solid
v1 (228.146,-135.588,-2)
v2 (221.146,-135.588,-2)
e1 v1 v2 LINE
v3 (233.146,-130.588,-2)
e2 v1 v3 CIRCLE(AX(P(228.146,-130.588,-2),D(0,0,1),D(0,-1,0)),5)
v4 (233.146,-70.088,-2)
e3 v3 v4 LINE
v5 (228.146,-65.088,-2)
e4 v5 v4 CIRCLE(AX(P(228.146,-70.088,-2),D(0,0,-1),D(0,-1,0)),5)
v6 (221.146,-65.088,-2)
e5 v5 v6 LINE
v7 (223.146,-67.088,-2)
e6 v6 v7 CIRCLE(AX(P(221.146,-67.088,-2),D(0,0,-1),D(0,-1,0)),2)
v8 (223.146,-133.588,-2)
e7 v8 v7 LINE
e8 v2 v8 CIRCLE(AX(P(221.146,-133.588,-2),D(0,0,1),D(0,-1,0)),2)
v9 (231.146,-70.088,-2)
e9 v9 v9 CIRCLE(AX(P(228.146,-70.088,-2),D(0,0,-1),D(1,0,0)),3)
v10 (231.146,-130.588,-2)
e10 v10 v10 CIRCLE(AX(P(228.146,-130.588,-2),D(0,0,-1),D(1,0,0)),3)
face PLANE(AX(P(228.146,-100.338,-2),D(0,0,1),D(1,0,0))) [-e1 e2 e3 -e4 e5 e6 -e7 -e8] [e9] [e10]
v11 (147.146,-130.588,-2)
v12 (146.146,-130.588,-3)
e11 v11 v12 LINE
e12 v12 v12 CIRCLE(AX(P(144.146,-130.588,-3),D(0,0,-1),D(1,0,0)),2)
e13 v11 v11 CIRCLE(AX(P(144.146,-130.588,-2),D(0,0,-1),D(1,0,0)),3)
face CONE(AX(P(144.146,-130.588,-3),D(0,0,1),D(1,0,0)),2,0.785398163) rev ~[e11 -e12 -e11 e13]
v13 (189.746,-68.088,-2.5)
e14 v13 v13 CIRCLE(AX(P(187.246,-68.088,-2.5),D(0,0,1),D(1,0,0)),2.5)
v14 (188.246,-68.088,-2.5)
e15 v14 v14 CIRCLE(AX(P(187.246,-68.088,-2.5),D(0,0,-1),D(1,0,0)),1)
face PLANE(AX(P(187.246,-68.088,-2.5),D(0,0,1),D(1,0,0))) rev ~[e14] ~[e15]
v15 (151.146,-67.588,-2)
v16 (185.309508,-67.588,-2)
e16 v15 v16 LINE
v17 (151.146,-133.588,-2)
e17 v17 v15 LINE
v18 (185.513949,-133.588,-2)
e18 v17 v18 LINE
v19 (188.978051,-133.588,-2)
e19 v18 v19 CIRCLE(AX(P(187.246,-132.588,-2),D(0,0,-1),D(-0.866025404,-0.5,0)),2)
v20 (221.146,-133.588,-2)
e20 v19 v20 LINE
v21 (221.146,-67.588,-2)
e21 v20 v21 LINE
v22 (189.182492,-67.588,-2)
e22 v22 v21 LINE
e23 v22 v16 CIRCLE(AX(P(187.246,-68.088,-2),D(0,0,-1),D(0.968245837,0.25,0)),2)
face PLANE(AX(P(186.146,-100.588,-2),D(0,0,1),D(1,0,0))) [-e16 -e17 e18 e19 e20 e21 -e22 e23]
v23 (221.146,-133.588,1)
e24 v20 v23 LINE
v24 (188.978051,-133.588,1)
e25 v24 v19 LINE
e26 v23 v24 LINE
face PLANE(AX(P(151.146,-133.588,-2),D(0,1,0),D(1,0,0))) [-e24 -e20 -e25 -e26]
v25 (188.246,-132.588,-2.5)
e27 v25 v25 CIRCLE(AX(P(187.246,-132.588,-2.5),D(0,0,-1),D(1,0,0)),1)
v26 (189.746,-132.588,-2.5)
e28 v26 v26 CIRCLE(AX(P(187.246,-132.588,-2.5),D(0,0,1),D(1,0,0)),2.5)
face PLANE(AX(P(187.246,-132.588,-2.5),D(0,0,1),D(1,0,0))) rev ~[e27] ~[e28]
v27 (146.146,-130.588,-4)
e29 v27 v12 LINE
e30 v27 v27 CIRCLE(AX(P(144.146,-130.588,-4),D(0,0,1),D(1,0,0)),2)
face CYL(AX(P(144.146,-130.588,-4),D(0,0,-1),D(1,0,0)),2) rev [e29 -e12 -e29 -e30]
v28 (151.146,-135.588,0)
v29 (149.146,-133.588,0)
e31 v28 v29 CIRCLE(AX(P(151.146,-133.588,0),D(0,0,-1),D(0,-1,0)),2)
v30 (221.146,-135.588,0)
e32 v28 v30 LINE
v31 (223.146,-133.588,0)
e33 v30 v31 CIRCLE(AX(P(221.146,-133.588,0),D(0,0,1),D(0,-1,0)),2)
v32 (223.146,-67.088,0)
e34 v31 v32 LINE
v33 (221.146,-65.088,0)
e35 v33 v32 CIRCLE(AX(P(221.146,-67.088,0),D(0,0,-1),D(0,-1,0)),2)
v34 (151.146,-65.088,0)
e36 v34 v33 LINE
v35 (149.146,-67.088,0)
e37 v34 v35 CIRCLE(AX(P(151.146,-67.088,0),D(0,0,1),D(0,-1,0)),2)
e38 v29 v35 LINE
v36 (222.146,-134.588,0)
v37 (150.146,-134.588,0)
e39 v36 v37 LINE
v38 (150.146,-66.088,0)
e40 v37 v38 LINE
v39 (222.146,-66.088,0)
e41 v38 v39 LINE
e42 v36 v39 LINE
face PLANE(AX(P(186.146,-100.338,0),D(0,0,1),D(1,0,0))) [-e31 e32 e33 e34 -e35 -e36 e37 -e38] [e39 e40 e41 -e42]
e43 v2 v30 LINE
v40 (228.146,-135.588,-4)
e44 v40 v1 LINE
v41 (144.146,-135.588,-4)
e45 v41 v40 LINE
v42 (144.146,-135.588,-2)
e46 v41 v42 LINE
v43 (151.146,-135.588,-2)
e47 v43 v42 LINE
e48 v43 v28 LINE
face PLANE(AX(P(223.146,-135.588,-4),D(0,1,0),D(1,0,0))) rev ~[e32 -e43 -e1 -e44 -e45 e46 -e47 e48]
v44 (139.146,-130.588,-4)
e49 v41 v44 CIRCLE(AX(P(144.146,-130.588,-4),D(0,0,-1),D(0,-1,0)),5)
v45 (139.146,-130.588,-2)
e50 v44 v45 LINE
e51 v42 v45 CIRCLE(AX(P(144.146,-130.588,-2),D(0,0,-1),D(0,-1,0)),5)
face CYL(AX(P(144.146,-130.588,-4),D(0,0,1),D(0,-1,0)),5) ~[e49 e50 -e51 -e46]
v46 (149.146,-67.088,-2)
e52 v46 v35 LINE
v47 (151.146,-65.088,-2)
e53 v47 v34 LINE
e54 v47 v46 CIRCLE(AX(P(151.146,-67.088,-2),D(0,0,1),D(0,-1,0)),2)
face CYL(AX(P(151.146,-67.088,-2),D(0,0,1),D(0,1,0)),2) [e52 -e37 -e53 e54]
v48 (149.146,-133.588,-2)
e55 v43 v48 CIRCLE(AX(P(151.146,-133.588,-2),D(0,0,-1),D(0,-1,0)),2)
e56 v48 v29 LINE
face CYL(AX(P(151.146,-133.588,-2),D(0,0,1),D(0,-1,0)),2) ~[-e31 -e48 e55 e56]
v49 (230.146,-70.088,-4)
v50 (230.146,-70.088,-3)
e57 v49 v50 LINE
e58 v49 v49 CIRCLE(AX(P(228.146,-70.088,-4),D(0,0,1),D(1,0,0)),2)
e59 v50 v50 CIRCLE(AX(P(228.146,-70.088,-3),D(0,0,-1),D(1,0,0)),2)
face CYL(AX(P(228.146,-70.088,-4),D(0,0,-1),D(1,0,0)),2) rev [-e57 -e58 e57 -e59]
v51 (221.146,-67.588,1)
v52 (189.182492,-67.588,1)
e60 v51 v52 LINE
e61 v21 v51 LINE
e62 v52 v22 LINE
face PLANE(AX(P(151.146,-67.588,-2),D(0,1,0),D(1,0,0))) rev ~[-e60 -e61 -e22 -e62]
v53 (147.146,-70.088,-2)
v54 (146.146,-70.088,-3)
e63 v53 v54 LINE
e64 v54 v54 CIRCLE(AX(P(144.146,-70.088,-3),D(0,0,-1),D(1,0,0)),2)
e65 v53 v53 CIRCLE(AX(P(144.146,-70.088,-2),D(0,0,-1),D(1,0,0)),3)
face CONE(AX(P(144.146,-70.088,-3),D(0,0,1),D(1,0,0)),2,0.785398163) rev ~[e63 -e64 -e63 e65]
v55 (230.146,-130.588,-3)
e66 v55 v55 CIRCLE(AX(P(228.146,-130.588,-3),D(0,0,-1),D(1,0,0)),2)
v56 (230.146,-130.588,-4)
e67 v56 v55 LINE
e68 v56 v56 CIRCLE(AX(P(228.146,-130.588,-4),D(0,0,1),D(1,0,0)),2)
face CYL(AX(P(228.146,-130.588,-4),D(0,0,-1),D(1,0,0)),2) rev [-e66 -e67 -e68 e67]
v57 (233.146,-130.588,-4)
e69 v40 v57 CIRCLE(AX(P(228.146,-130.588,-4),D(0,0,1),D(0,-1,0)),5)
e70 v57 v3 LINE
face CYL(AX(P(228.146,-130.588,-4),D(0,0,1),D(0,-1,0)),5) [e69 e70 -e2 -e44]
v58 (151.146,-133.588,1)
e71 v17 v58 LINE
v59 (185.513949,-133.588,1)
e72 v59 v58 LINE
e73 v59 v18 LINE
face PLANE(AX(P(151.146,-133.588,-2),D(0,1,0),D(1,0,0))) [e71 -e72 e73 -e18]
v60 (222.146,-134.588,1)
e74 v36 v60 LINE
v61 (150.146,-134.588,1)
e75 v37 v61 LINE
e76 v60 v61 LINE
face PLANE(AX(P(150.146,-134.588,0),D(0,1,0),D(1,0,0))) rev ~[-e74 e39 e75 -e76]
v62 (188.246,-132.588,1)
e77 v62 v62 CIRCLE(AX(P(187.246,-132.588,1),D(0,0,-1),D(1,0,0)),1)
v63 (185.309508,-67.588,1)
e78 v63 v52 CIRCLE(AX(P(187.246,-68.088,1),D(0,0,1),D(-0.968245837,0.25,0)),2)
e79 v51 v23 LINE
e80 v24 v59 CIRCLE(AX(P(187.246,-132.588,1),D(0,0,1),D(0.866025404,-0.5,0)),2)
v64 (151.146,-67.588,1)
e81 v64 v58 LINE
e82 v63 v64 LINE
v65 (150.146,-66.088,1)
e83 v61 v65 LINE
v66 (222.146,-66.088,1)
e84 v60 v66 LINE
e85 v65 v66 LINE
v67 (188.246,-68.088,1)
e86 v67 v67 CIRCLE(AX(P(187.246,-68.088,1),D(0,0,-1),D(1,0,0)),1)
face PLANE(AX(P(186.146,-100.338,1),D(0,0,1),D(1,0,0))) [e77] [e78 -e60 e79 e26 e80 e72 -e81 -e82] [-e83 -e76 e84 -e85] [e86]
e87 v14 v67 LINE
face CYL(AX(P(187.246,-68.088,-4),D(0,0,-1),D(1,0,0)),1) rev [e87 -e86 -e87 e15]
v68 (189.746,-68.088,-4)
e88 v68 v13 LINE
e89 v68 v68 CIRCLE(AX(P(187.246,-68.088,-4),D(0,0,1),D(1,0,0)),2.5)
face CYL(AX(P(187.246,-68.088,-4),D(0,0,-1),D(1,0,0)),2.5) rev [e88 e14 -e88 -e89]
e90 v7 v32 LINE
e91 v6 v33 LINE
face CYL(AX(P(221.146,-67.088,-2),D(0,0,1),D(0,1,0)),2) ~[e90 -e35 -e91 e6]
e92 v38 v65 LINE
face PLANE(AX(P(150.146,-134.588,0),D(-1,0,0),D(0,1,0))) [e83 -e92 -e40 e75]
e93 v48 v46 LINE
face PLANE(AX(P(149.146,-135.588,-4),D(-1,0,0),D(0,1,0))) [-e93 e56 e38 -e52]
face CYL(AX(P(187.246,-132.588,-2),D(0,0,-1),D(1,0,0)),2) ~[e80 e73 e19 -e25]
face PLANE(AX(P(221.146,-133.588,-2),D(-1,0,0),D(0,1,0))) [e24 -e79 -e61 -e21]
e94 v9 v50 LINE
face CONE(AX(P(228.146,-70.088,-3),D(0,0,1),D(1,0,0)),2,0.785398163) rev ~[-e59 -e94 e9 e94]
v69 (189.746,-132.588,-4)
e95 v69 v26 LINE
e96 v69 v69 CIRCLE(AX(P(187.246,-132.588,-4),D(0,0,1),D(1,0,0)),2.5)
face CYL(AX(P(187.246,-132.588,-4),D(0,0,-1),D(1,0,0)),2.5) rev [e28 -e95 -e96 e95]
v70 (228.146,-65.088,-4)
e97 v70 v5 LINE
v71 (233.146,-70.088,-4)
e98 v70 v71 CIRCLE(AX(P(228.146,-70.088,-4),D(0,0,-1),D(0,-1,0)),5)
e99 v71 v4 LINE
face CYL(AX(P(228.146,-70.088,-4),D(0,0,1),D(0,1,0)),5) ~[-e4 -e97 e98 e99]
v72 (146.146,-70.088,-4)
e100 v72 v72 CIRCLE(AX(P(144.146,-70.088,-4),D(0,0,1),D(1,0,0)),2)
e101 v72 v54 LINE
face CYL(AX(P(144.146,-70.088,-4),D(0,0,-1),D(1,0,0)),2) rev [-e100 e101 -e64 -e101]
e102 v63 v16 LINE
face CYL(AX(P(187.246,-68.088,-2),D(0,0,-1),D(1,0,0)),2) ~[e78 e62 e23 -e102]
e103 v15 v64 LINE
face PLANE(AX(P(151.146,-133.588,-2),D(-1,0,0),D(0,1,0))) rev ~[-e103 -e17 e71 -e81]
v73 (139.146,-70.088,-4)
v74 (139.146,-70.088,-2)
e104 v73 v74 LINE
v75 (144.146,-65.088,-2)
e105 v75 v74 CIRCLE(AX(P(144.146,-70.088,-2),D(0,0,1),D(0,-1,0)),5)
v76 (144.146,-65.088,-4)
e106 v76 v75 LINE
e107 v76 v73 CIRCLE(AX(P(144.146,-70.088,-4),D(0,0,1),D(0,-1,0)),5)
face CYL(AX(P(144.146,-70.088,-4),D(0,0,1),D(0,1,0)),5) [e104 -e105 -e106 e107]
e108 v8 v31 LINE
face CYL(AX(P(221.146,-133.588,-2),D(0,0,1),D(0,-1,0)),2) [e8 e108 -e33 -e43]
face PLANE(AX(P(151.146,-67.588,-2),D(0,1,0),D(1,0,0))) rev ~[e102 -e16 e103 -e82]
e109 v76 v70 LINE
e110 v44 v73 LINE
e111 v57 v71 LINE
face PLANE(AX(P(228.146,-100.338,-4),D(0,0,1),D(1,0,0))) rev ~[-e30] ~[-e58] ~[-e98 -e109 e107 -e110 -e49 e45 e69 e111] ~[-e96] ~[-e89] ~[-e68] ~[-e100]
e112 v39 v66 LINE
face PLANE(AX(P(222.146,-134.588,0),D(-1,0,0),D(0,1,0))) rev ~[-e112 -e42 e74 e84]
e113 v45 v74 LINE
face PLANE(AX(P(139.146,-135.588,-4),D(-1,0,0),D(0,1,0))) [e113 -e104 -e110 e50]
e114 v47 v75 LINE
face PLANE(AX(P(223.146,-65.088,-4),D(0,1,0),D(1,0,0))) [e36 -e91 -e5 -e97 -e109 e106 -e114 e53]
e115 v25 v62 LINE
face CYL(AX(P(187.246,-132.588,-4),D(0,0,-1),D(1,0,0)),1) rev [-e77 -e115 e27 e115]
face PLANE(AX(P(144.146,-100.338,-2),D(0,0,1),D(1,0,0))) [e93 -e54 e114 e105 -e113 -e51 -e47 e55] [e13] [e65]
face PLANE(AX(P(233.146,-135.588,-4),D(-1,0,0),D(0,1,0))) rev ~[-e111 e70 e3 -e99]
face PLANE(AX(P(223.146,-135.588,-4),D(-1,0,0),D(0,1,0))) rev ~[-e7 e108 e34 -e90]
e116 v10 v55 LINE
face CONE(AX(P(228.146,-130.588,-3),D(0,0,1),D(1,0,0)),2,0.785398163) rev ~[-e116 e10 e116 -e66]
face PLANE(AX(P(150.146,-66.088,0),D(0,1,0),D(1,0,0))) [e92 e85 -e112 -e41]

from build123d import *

# Parameters (mm, degrees)
CYLINDER004_R            = 2
CYLINDER004_DEPTH        = 10
ARRAY005_Y_COUNT         = 2
ARRAY005_Y_PITCH         = 60.5
BOX007_W                 = 10
BOX007_H                 = 70.5
BOX007_DEPTH             = 2
ARRAY006_X_COUNT         = 2
ARRAY006_X_PITCH         = 84
CYLINDER003_R            = 2.5
CYLINDER003_DEPTH        = 1.5
ARRAY004_Y_COUNT         = 2
ARRAY004_Y_PITCH         = 64.5
CYLINDER002_R            = 1
CYLINDER002_DEPTH        = 20
ARRAY003_Y_COUNT         = 2
ARRAY003_Y_PITCH         = 64.5
PCB_BOUNDING_BOX_1_W     = 70
PCB_BOUNDING_BOX_1_H     = 66
PCB_BOUNDING_BOX_1_DEPTH = 20
BOX001_W                 = 72
BOX001_H                 = 68.5
BOX001_DEPTH             = 1
BOX_W                    = 74
BOX_H                    = 70.5
BOX_DEPTH                = 4
CYLINDER_R               = 2
CYLINDER_DEPTH           = 3
ARRAY_Y_COUNT            = 2
ARRAY_Y_PITCH            = 64.5
FILLET001_R              = 2
FILLET002_R              = 5
CHAMFER_SIZE             = 1


with BuildPart() as array005:
    # Cylinder004 → Cylinder004 (new body)
    with BuildSketch(Plane(origin=(144.146, -130.588, -4), x_dir=(1, 0, 0), z_dir=(0, 0, 1))):
        Circle(CYLINDER004_R)
    extrude(amount=CYLINDER004_DEPTH)

    # Array005 Y: Array005 ×2


with BuildPart() as array005_1:
    add(array005.part)
    with Locations(*[(0, i * ARRAY005_Y_PITCH, 0) for i in range(1, ARRAY005_Y_COUNT)]):
        add(array005.part)


with BuildPart() as array006:
    # Box007 → Box007 (new body)
    with BuildSketch(Plane(origin=(139.146, -135.588, -4), x_dir=(1, 0, 0), z_dir=(0, 0, 1))):
        with Locations((5, 35.25)):
            Rectangle(BOX007_W, BOX007_H)
    extrude(amount=BOX007_DEPTH)

    # Cut009: cut Array005
    add(array005_1.part, mode=Mode.SUBTRACT)

    # Array006 X: Array006 ×2


with BuildPart() as array006_1:
    add(array006.part)
    with Locations(*[(i * ARRAY006_X_PITCH, 0, 0) for i in range(1, ARRAY006_X_COUNT)]):
        add(array006.part)


with BuildPart() as array004:
    # Cylinder003 → Cylinder003 (new body)
    with BuildSketch(Plane(origin=(187.246, -132.588, -4), x_dir=(1, 0, 0), z_dir=(0, 0, 1))):
        Circle(CYLINDER003_R)
    extrude(amount=CYLINDER003_DEPTH)

    # Array004 Y: Array004 ×2


with BuildPart() as array004_1:
    add(array004.part)
    with Locations(*[(0, i * ARRAY004_Y_PITCH, 0) for i in range(1, ARRAY004_Y_COUNT)]):
        add(array004.part)


with BuildPart() as lochboden:
    # Cylinder002 → Cylinder002 (new body)
    with BuildSketch(Plane(origin=(187.246, -132.588, -4), x_dir=(1, 0, 0), z_dir=(0, 0, 1))):
        Circle(CYLINDER002_R)
    extrude(amount=CYLINDER002_DEPTH)

    # Array003 Y: LochBoden ×2


with BuildPart() as lochboden_1:
    add(lochboden.part)
    with Locations(*[(0, i * ARRAY003_Y_PITCH, 0) for i in range(1, ARRAY003_Y_COUNT)]):
        add(lochboden.part)


with BuildPart() as bbox_cutboden:
    # PCB_Bounding_Box_1 → PCB_Bounding_Box_1 (new body)
    with BuildSketch(Plane(origin=(151.146, -133.588, -2), x_dir=(1, 0, 0), z_dir=(0, 0, 1))):
        with Locations((35, 33)):
            Rectangle(PCB_BOUNDING_BOX_1_W, PCB_BOUNDING_BOX_1_H)
    extrude(amount=PCB_BOUNDING_BOX_1_DEPTH)


with BuildPart() as bodenrand:
    # Box001 → Box001 (new body)
    with BuildSketch(Plane(origin=(150.146, -134.588, 0), x_dir=(1, 0, 0), z_dir=(0, 0, 1))):
        with Locations((36, 34.25)):
            Rectangle(BOX001_W, BOX001_H)
    extrude(amount=BOX001_DEPTH)


with BuildPart() as cut:
    # Box → Box (new body)
    with BuildSketch(Plane(origin=(149.146, -135.588, -4), x_dir=(1, 0, 0), z_dir=(0, 0, 1))):
        with Locations((37, 35.25)):
            Rectangle(BOX_W, BOX_H)
    extrude(amount=BOX_DEPTH)

    # Fusion: union BodenRand
    add(bodenrand.part)

    # Cut: cut BBox - CutBoden
    add(bbox_cutboden.part, mode=Mode.SUBTRACT)


with BuildPart() as chamfer_body:
    # Cylinder → Cylinder (new body)
    with BuildSketch(Plane(origin=(187.246, -132.588, -2), x_dir=(1, 0, 0), z_dir=(0, 0, 1))):
        Circle(CYLINDER_R)
    extrude(amount=CYLINDER_DEPTH)

    # Array Y: Chamfer body ×2


with BuildPart() as chamfer_body_1:
    add(chamfer_body.part)
    with Locations(*[(0, i * ARRAY_Y_PITCH, 0) for i in range(1, ARRAY_Y_COUNT)]):
        add(chamfer_body.part)

    # Fusion003: union Cut
    add(cut.part)

    # Cut006: cut LochBoden
    add(lochboden_1.part, mode=Mode.SUBTRACT)

    # Cut008: cut Array004
    add(array004_1.part, mode=Mode.SUBTRACT)

    # Fusion005: union Array006
    add(array006_1.part)

    # Fillet001
    fillet001_edges = [chamfer_body_1.edges().sort_by_distance(p)[0] for p in [
        (149.146, -135.588, -1),
        (149.146, -65.088, -1),
        (223.146, -65.088, -1),
        (223.146, -135.588, -1),
    ]]
    fillet(fillet001_edges, radius=FILLET001_R)

    # Fillet002
    fillet002_edges = [chamfer_body_1.edges().sort_by_distance(p)[0] for p in [
        (139.146, -135.588, -3),
        (233.146, -135.588, -3),
        (139.146, -65.088, -3),
        (233.146, -65.088, -3),
    ]]
    fillet(fillet002_edges, radius=FILLET002_R)

    # Chamfer
    chamfer_edges = [chamfer_body_1.edges().sort_by_distance(p)[0] for p in [
        (142.146, -70.088, -2),
        (142.146, -130.588, -2),
        (226.146, -70.088, -2),
        (226.146, -130.588, -2),
    ]]
    chamfer(chamfer_edges, length=CHAMFER_SIZE)


solid = chamfer_body_1.part
